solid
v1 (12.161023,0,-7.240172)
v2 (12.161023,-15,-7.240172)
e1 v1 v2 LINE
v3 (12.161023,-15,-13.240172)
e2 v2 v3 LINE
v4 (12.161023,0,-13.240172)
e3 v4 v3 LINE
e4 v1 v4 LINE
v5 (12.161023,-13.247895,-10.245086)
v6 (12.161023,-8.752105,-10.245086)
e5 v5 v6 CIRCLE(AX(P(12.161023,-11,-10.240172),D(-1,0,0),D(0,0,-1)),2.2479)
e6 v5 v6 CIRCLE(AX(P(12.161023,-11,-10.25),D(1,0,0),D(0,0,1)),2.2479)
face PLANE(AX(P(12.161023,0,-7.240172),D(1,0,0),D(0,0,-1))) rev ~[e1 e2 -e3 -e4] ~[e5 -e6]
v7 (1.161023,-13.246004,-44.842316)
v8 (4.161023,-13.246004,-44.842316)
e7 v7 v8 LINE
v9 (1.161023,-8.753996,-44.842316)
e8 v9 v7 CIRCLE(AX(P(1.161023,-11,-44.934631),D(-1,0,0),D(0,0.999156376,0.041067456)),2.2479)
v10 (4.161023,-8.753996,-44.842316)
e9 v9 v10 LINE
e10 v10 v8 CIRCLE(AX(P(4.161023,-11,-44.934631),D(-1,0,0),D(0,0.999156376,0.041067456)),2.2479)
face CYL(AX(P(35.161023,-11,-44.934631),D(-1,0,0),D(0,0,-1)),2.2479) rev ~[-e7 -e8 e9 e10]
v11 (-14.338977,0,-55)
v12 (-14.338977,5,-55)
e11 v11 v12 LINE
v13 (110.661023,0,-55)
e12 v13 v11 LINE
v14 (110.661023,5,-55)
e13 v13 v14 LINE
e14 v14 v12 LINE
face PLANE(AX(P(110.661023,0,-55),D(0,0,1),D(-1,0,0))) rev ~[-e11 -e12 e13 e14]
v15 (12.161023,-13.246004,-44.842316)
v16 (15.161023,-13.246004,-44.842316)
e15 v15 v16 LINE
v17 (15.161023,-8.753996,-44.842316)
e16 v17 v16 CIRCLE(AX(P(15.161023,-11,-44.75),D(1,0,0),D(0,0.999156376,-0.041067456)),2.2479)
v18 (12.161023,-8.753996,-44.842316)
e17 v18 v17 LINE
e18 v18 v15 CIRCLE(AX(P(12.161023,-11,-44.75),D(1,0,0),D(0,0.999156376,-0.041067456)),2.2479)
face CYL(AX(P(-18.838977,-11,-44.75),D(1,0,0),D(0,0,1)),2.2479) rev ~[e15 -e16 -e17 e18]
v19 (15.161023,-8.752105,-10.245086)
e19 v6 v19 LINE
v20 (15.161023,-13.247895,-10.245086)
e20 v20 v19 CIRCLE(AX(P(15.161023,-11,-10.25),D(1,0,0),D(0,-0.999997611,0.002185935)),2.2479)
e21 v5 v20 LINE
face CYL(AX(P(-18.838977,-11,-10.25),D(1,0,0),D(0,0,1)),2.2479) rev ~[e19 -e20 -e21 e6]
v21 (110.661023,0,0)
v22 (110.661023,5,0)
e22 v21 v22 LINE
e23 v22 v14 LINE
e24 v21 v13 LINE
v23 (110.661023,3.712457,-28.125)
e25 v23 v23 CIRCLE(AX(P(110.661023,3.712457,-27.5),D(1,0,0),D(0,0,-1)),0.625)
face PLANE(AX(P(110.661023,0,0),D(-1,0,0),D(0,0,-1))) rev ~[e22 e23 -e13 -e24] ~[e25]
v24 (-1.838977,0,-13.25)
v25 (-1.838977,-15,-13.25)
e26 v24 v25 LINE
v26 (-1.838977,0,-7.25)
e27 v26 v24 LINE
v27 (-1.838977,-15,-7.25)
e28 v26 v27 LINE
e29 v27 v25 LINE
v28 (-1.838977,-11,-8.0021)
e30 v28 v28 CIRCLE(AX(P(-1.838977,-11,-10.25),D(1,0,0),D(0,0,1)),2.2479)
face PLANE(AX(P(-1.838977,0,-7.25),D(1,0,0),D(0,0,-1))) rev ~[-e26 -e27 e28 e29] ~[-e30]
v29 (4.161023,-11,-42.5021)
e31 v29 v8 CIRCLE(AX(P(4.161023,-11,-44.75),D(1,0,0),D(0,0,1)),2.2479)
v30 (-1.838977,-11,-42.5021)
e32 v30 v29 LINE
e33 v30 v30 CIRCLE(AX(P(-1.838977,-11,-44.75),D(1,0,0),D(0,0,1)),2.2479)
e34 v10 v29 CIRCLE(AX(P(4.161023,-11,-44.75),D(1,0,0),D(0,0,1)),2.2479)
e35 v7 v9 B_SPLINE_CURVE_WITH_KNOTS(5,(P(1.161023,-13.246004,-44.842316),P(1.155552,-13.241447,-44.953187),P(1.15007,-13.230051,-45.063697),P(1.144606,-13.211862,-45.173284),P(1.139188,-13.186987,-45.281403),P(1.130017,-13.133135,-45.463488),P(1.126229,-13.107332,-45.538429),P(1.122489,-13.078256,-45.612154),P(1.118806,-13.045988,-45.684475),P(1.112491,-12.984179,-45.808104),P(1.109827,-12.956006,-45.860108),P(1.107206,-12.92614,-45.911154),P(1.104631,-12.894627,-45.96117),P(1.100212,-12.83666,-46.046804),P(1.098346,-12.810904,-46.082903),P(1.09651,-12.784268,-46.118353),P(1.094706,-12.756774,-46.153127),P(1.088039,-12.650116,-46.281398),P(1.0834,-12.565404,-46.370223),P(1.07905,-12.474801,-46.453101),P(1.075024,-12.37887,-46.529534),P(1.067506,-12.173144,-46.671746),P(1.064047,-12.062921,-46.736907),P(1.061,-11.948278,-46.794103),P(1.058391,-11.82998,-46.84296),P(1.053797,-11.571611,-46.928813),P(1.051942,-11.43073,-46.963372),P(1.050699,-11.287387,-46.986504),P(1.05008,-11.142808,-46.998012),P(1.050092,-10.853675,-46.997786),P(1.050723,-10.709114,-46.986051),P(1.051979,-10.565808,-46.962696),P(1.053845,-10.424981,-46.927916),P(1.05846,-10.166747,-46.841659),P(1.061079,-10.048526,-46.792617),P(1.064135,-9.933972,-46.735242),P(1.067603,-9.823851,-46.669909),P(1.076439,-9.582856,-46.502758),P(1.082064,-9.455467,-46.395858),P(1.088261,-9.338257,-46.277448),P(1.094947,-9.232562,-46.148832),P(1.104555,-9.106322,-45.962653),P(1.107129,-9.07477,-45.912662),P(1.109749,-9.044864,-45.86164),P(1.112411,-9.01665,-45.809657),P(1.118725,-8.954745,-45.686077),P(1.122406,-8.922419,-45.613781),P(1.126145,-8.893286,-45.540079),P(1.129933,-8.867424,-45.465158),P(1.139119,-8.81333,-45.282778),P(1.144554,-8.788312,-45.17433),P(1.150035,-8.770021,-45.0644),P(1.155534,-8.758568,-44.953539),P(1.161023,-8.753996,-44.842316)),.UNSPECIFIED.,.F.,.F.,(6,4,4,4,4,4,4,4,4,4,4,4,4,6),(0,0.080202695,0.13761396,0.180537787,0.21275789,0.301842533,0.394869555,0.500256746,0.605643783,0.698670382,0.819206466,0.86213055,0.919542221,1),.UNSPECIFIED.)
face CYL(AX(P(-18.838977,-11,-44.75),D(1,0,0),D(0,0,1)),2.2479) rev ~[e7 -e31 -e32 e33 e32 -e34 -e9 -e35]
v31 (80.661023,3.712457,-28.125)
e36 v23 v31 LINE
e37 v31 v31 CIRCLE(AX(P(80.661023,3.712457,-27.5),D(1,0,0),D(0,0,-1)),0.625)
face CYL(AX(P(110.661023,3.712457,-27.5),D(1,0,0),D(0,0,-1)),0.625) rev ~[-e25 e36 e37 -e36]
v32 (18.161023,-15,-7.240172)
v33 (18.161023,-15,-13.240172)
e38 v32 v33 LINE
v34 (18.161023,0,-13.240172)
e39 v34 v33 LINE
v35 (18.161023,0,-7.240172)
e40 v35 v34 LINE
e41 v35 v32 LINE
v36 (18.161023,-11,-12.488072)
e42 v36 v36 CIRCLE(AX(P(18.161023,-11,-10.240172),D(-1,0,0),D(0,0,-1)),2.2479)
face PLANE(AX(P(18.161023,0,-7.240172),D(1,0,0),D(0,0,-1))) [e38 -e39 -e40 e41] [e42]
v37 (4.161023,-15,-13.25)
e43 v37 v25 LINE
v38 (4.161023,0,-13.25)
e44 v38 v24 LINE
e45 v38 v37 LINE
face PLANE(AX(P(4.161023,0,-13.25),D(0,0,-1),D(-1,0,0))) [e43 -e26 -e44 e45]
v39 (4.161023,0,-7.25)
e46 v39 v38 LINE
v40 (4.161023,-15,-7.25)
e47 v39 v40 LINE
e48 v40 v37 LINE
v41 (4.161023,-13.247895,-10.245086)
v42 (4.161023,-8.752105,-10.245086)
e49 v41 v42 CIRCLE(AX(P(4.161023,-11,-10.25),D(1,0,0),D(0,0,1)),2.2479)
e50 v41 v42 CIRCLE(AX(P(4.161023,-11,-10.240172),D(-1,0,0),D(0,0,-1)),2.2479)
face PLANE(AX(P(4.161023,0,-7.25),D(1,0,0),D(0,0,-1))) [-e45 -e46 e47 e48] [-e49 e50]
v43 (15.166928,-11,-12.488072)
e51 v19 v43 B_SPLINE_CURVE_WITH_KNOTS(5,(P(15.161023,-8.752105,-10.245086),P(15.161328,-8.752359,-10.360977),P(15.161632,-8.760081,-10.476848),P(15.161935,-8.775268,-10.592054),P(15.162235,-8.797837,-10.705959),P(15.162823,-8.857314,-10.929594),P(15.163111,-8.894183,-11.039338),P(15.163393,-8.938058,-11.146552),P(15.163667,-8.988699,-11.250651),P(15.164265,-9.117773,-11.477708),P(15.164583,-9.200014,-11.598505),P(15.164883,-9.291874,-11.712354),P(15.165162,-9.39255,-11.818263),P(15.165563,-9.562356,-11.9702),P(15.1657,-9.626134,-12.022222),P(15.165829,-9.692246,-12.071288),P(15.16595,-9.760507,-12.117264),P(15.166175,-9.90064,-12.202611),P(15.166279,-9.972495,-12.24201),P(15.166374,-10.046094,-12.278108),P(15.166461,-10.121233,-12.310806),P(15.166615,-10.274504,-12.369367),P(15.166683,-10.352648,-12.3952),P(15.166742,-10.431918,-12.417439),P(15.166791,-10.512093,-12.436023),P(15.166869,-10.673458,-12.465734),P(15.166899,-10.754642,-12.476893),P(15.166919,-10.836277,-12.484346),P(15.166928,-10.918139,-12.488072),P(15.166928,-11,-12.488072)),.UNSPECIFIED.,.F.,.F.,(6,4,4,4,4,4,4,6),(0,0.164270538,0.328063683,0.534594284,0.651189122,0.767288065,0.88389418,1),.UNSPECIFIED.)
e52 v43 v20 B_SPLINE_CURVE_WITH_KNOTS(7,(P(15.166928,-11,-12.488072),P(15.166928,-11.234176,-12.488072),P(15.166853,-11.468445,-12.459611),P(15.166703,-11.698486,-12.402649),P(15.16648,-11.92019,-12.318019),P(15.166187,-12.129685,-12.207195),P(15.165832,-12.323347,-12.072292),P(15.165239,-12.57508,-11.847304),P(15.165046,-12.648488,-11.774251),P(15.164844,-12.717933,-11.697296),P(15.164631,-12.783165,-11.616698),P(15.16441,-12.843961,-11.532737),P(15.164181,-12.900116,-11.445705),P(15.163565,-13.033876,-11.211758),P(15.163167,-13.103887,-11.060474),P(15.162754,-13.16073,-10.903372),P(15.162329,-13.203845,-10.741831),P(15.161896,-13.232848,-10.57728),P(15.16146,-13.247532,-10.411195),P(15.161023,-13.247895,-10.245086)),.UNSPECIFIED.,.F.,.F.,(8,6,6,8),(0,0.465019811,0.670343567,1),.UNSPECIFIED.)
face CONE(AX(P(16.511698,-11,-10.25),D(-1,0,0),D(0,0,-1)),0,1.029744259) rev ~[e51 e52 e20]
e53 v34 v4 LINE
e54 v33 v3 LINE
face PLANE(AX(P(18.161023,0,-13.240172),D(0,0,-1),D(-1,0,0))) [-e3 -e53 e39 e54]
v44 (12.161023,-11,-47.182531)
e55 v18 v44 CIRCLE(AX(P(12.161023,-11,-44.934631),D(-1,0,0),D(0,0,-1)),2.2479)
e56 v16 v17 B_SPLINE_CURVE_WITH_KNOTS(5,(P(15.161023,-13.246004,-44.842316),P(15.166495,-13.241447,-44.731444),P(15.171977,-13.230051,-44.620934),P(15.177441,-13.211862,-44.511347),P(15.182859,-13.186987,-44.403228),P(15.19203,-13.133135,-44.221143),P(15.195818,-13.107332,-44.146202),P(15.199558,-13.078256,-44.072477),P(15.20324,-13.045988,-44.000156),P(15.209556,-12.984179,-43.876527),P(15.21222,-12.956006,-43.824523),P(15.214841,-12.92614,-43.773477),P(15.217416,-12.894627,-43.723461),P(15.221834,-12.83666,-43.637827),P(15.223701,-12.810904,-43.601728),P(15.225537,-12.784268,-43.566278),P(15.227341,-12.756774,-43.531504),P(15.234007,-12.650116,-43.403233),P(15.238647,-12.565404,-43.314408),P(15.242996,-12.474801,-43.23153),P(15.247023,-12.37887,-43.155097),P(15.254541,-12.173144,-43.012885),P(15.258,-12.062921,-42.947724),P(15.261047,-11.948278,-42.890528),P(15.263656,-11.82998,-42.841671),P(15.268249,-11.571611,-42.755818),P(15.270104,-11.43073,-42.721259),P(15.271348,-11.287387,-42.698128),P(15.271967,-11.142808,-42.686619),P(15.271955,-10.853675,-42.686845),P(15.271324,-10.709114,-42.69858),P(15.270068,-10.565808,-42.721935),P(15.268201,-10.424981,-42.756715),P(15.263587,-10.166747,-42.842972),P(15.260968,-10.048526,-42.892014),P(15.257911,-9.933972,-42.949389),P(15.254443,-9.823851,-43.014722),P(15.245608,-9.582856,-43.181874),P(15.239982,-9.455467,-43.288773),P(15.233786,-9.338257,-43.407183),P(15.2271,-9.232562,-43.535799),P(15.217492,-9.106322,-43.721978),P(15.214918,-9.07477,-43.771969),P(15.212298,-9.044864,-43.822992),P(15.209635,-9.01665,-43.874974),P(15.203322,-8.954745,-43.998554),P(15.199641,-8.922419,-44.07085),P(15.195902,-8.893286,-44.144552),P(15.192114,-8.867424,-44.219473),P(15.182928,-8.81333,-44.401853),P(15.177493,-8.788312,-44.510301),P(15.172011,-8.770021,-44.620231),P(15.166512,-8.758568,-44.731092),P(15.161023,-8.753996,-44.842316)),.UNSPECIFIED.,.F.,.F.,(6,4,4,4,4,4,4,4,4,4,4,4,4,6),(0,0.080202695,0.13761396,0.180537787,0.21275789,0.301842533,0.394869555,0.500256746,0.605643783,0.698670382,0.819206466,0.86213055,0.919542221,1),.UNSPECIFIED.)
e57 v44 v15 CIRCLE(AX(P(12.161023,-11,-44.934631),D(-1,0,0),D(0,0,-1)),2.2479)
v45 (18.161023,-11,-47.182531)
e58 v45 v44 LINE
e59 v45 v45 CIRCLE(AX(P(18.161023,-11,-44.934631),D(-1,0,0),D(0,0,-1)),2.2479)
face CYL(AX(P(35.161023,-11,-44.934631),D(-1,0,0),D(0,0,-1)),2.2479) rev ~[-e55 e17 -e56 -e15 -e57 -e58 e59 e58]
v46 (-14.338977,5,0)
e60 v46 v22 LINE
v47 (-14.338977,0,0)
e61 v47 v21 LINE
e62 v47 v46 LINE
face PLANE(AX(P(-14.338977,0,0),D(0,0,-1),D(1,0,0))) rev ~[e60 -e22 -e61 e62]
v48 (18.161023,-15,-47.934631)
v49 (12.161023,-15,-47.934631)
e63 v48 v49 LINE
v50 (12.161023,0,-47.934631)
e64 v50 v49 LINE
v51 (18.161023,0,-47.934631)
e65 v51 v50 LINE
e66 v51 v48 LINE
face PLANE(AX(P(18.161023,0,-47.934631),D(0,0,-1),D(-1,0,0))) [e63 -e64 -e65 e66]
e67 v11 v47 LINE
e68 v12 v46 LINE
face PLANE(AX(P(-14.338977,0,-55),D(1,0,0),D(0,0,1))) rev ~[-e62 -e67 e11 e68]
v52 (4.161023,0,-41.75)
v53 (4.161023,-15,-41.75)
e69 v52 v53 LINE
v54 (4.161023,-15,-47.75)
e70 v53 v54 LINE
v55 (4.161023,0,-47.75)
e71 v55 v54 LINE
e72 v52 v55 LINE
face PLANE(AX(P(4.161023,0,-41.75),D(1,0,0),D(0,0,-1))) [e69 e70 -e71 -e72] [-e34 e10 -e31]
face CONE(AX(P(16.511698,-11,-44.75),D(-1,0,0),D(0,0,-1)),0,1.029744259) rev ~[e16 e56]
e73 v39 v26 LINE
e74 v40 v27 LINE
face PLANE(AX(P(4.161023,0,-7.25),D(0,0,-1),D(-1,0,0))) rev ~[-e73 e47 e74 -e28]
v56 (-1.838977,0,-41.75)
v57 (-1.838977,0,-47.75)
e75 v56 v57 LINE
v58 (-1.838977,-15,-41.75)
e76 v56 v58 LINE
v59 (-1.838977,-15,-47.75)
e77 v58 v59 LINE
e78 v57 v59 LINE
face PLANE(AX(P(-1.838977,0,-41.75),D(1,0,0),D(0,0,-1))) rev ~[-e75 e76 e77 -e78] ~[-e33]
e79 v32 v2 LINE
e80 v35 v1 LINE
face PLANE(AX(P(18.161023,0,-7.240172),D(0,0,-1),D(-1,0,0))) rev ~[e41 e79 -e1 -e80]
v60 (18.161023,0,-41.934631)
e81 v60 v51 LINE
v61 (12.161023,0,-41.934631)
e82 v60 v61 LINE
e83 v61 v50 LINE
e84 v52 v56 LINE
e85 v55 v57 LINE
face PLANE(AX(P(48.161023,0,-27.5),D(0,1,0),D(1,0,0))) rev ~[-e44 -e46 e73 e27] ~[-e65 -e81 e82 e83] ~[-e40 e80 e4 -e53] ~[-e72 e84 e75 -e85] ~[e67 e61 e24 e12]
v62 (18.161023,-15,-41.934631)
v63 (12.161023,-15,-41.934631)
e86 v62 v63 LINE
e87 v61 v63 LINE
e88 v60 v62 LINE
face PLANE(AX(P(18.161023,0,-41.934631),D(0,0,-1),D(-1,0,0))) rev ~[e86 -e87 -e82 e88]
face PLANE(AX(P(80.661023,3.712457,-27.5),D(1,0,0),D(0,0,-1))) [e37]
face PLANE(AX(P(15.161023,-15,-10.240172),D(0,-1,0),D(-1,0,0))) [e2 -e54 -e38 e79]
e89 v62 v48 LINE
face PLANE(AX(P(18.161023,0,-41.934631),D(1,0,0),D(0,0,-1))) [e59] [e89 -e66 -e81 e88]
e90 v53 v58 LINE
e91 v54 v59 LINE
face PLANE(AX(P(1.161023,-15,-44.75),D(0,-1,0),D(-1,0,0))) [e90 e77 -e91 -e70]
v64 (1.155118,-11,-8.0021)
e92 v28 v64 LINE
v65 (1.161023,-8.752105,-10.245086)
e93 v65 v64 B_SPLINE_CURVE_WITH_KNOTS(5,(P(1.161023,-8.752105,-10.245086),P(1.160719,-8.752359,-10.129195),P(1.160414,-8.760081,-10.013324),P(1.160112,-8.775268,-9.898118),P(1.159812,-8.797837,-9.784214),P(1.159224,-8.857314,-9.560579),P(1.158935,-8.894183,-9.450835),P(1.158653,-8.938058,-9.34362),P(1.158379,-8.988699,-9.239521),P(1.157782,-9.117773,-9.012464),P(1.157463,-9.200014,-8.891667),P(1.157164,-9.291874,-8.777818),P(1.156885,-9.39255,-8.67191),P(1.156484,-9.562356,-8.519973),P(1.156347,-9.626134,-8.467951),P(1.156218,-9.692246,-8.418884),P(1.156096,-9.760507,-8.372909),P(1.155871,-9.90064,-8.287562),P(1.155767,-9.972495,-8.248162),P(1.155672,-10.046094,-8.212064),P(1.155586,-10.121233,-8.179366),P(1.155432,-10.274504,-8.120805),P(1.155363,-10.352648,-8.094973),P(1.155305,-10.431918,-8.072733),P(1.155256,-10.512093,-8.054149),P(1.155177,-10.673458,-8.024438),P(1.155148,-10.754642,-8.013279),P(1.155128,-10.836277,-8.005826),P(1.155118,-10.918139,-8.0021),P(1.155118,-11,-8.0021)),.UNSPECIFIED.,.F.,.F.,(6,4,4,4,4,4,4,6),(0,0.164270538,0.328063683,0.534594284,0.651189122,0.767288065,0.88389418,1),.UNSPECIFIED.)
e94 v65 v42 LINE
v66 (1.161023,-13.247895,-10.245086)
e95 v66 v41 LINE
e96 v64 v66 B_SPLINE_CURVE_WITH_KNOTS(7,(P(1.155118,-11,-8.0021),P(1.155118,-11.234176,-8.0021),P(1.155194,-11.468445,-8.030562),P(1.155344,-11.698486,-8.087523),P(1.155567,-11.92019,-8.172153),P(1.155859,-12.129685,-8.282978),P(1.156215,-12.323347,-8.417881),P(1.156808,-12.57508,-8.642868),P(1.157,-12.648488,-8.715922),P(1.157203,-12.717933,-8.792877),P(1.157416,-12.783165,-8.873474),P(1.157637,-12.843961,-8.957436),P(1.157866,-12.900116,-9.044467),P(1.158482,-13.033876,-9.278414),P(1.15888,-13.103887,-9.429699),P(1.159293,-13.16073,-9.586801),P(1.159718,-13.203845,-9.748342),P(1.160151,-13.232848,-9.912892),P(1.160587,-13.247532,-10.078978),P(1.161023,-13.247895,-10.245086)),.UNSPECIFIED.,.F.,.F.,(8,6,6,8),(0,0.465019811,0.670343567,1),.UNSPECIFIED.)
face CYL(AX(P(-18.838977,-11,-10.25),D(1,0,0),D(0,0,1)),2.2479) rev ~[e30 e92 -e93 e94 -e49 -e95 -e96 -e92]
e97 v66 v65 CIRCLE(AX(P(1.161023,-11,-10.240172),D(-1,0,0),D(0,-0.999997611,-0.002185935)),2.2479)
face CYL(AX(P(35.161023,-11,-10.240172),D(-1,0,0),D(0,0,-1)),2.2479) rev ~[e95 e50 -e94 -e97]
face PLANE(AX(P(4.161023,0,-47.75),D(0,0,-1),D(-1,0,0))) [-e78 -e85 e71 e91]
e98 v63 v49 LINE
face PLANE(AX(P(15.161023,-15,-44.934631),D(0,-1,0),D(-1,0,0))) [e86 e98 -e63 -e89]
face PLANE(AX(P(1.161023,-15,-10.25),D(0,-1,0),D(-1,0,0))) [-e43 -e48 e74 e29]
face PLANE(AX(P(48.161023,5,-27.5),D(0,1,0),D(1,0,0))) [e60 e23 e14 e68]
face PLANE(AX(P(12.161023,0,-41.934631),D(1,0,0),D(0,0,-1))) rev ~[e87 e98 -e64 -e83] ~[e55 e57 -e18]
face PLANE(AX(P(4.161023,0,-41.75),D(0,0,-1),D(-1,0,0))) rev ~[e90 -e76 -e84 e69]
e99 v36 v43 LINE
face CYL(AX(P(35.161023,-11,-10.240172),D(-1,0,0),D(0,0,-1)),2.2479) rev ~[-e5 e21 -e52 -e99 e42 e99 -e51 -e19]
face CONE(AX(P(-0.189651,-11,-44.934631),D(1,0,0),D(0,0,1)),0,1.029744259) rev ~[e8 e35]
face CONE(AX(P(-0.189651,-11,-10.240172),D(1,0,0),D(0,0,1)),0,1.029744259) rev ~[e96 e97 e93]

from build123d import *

# Parameters (mm, degrees)
BOSS_EXTRUDE1_DEPTH                 = 5
SKETCH3_W                           = 6
SKETCH3_H                           = 6
BOSS_EXTRUDE2_DEPTH                 = 15
F_8_CLEARANCE_HOLE2_D               = 4.4958
F_8_CLEARANCE_HOLE2_DEPTH           = 17
F_8_CLEARANCE_HOLE2_TIP             = 1.350674586
F_8_CLEARANCE_HOLE2_ON_FACE_2_D     = 4.4958
F_8_CLEARANCE_HOLE2_ON_FACE_2_DEPTH = 17
F_8_CLEARANCE_HOLE2_ON_FACE_2_TIP   = 1.350674586
SKETCH17_R                          = 0.625
CUT_EXTRUDE1_DEPTH                  = 30


with BuildPart() as part:
    # Sketch1 → Boss-Extrude1 (new body)
    with BuildSketch(Plane(origin=(0, 0, 0), x_dir=(1, 0, 0), z_dir=(0, 1, 0))):
        Polygon((-14.338976611, 0), (110.661023389, 0), (110.661023389, 55), (8.161023389, 55), (-14.338976611, 55), align=None)
    extrude(amount=BOSS_EXTRUDE1_DEPTH)

    # Sketch3 → Boss-Extrude2 (add)
    with BuildSketch(Plane(origin=(0, 0, 0), x_dir=(-1, 0, 0), z_dir=(0, -1, 0))):
        with Locations((-1.161023389, 44.75)):
            Rectangle(SKETCH3_W, SKETCH3_H)
        with Locations((-1.161023389, 10.25)):
            Rectangle(SKETCH3_W, SKETCH3_H)
        with Locations((-15.161023389, 44.934631069)):
            Rectangle(SKETCH3_W, SKETCH3_H)
        with Locations((-15.161023389, 10.240172473)):
            Rectangle(SKETCH3_W, SKETCH3_H)
    extrude(amount=BOSS_EXTRUDE2_DEPTH)

    # #8 Clearance Hole2
    with Locations(Plane(origin=(-1.838976611, -11, -44.75), x_dir=(0, 0, -1), z_dir=(-1, 0, 0))):
        with Locations((0, 0), (-34.5, 0)):
            Hole(F_8_CLEARANCE_HOLE2_D / 2, depth=F_8_CLEARANCE_HOLE2_DEPTH)
            with Locations((0, 0, -(F_8_CLEARANCE_HOLE2_DEPTH + F_8_CLEARANCE_HOLE2_TIP / 2))):  # 118° drill point
                Cone(0, F_8_CLEARANCE_HOLE2_D / 2, F_8_CLEARANCE_HOLE2_TIP, mode=Mode.SUBTRACT)

    # #8 Clearance Hole2 on face 2
    with Locations(Plane(origin=(18.161023389, -11, -44.934631069), x_dir=(0, 0, 1), z_dir=(1, 0, 0))):
        with Locations((0, 0), (34.694458596, 0)):
            Hole(F_8_CLEARANCE_HOLE2_ON_FACE_2_D / 2, depth=F_8_CLEARANCE_HOLE2_ON_FACE_2_DEPTH)
            with Locations((0, 0, -(F_8_CLEARANCE_HOLE2_ON_FACE_2_DEPTH + F_8_CLEARANCE_HOLE2_ON_FACE_2_TIP / 2))):  # 118° drill point
                Cone(0, F_8_CLEARANCE_HOLE2_ON_FACE_2_D / 2, F_8_CLEARANCE_HOLE2_ON_FACE_2_TIP, mode=Mode.SUBTRACT)

    # Sketch17 → Cut-Extrude1 (cut)
    with BuildSketch(Plane(origin=(110.661023389, 0, 0), x_dir=(0, 0, -1), z_dir=(1, 0, 0))):
        with Locations((27.5, 3.712457307)):
            Circle(SKETCH17_R)
    extrude(amount=-CUT_EXTRUDE1_DEPTH, mode=Mode.SUBTRACT)


solid = part.part
